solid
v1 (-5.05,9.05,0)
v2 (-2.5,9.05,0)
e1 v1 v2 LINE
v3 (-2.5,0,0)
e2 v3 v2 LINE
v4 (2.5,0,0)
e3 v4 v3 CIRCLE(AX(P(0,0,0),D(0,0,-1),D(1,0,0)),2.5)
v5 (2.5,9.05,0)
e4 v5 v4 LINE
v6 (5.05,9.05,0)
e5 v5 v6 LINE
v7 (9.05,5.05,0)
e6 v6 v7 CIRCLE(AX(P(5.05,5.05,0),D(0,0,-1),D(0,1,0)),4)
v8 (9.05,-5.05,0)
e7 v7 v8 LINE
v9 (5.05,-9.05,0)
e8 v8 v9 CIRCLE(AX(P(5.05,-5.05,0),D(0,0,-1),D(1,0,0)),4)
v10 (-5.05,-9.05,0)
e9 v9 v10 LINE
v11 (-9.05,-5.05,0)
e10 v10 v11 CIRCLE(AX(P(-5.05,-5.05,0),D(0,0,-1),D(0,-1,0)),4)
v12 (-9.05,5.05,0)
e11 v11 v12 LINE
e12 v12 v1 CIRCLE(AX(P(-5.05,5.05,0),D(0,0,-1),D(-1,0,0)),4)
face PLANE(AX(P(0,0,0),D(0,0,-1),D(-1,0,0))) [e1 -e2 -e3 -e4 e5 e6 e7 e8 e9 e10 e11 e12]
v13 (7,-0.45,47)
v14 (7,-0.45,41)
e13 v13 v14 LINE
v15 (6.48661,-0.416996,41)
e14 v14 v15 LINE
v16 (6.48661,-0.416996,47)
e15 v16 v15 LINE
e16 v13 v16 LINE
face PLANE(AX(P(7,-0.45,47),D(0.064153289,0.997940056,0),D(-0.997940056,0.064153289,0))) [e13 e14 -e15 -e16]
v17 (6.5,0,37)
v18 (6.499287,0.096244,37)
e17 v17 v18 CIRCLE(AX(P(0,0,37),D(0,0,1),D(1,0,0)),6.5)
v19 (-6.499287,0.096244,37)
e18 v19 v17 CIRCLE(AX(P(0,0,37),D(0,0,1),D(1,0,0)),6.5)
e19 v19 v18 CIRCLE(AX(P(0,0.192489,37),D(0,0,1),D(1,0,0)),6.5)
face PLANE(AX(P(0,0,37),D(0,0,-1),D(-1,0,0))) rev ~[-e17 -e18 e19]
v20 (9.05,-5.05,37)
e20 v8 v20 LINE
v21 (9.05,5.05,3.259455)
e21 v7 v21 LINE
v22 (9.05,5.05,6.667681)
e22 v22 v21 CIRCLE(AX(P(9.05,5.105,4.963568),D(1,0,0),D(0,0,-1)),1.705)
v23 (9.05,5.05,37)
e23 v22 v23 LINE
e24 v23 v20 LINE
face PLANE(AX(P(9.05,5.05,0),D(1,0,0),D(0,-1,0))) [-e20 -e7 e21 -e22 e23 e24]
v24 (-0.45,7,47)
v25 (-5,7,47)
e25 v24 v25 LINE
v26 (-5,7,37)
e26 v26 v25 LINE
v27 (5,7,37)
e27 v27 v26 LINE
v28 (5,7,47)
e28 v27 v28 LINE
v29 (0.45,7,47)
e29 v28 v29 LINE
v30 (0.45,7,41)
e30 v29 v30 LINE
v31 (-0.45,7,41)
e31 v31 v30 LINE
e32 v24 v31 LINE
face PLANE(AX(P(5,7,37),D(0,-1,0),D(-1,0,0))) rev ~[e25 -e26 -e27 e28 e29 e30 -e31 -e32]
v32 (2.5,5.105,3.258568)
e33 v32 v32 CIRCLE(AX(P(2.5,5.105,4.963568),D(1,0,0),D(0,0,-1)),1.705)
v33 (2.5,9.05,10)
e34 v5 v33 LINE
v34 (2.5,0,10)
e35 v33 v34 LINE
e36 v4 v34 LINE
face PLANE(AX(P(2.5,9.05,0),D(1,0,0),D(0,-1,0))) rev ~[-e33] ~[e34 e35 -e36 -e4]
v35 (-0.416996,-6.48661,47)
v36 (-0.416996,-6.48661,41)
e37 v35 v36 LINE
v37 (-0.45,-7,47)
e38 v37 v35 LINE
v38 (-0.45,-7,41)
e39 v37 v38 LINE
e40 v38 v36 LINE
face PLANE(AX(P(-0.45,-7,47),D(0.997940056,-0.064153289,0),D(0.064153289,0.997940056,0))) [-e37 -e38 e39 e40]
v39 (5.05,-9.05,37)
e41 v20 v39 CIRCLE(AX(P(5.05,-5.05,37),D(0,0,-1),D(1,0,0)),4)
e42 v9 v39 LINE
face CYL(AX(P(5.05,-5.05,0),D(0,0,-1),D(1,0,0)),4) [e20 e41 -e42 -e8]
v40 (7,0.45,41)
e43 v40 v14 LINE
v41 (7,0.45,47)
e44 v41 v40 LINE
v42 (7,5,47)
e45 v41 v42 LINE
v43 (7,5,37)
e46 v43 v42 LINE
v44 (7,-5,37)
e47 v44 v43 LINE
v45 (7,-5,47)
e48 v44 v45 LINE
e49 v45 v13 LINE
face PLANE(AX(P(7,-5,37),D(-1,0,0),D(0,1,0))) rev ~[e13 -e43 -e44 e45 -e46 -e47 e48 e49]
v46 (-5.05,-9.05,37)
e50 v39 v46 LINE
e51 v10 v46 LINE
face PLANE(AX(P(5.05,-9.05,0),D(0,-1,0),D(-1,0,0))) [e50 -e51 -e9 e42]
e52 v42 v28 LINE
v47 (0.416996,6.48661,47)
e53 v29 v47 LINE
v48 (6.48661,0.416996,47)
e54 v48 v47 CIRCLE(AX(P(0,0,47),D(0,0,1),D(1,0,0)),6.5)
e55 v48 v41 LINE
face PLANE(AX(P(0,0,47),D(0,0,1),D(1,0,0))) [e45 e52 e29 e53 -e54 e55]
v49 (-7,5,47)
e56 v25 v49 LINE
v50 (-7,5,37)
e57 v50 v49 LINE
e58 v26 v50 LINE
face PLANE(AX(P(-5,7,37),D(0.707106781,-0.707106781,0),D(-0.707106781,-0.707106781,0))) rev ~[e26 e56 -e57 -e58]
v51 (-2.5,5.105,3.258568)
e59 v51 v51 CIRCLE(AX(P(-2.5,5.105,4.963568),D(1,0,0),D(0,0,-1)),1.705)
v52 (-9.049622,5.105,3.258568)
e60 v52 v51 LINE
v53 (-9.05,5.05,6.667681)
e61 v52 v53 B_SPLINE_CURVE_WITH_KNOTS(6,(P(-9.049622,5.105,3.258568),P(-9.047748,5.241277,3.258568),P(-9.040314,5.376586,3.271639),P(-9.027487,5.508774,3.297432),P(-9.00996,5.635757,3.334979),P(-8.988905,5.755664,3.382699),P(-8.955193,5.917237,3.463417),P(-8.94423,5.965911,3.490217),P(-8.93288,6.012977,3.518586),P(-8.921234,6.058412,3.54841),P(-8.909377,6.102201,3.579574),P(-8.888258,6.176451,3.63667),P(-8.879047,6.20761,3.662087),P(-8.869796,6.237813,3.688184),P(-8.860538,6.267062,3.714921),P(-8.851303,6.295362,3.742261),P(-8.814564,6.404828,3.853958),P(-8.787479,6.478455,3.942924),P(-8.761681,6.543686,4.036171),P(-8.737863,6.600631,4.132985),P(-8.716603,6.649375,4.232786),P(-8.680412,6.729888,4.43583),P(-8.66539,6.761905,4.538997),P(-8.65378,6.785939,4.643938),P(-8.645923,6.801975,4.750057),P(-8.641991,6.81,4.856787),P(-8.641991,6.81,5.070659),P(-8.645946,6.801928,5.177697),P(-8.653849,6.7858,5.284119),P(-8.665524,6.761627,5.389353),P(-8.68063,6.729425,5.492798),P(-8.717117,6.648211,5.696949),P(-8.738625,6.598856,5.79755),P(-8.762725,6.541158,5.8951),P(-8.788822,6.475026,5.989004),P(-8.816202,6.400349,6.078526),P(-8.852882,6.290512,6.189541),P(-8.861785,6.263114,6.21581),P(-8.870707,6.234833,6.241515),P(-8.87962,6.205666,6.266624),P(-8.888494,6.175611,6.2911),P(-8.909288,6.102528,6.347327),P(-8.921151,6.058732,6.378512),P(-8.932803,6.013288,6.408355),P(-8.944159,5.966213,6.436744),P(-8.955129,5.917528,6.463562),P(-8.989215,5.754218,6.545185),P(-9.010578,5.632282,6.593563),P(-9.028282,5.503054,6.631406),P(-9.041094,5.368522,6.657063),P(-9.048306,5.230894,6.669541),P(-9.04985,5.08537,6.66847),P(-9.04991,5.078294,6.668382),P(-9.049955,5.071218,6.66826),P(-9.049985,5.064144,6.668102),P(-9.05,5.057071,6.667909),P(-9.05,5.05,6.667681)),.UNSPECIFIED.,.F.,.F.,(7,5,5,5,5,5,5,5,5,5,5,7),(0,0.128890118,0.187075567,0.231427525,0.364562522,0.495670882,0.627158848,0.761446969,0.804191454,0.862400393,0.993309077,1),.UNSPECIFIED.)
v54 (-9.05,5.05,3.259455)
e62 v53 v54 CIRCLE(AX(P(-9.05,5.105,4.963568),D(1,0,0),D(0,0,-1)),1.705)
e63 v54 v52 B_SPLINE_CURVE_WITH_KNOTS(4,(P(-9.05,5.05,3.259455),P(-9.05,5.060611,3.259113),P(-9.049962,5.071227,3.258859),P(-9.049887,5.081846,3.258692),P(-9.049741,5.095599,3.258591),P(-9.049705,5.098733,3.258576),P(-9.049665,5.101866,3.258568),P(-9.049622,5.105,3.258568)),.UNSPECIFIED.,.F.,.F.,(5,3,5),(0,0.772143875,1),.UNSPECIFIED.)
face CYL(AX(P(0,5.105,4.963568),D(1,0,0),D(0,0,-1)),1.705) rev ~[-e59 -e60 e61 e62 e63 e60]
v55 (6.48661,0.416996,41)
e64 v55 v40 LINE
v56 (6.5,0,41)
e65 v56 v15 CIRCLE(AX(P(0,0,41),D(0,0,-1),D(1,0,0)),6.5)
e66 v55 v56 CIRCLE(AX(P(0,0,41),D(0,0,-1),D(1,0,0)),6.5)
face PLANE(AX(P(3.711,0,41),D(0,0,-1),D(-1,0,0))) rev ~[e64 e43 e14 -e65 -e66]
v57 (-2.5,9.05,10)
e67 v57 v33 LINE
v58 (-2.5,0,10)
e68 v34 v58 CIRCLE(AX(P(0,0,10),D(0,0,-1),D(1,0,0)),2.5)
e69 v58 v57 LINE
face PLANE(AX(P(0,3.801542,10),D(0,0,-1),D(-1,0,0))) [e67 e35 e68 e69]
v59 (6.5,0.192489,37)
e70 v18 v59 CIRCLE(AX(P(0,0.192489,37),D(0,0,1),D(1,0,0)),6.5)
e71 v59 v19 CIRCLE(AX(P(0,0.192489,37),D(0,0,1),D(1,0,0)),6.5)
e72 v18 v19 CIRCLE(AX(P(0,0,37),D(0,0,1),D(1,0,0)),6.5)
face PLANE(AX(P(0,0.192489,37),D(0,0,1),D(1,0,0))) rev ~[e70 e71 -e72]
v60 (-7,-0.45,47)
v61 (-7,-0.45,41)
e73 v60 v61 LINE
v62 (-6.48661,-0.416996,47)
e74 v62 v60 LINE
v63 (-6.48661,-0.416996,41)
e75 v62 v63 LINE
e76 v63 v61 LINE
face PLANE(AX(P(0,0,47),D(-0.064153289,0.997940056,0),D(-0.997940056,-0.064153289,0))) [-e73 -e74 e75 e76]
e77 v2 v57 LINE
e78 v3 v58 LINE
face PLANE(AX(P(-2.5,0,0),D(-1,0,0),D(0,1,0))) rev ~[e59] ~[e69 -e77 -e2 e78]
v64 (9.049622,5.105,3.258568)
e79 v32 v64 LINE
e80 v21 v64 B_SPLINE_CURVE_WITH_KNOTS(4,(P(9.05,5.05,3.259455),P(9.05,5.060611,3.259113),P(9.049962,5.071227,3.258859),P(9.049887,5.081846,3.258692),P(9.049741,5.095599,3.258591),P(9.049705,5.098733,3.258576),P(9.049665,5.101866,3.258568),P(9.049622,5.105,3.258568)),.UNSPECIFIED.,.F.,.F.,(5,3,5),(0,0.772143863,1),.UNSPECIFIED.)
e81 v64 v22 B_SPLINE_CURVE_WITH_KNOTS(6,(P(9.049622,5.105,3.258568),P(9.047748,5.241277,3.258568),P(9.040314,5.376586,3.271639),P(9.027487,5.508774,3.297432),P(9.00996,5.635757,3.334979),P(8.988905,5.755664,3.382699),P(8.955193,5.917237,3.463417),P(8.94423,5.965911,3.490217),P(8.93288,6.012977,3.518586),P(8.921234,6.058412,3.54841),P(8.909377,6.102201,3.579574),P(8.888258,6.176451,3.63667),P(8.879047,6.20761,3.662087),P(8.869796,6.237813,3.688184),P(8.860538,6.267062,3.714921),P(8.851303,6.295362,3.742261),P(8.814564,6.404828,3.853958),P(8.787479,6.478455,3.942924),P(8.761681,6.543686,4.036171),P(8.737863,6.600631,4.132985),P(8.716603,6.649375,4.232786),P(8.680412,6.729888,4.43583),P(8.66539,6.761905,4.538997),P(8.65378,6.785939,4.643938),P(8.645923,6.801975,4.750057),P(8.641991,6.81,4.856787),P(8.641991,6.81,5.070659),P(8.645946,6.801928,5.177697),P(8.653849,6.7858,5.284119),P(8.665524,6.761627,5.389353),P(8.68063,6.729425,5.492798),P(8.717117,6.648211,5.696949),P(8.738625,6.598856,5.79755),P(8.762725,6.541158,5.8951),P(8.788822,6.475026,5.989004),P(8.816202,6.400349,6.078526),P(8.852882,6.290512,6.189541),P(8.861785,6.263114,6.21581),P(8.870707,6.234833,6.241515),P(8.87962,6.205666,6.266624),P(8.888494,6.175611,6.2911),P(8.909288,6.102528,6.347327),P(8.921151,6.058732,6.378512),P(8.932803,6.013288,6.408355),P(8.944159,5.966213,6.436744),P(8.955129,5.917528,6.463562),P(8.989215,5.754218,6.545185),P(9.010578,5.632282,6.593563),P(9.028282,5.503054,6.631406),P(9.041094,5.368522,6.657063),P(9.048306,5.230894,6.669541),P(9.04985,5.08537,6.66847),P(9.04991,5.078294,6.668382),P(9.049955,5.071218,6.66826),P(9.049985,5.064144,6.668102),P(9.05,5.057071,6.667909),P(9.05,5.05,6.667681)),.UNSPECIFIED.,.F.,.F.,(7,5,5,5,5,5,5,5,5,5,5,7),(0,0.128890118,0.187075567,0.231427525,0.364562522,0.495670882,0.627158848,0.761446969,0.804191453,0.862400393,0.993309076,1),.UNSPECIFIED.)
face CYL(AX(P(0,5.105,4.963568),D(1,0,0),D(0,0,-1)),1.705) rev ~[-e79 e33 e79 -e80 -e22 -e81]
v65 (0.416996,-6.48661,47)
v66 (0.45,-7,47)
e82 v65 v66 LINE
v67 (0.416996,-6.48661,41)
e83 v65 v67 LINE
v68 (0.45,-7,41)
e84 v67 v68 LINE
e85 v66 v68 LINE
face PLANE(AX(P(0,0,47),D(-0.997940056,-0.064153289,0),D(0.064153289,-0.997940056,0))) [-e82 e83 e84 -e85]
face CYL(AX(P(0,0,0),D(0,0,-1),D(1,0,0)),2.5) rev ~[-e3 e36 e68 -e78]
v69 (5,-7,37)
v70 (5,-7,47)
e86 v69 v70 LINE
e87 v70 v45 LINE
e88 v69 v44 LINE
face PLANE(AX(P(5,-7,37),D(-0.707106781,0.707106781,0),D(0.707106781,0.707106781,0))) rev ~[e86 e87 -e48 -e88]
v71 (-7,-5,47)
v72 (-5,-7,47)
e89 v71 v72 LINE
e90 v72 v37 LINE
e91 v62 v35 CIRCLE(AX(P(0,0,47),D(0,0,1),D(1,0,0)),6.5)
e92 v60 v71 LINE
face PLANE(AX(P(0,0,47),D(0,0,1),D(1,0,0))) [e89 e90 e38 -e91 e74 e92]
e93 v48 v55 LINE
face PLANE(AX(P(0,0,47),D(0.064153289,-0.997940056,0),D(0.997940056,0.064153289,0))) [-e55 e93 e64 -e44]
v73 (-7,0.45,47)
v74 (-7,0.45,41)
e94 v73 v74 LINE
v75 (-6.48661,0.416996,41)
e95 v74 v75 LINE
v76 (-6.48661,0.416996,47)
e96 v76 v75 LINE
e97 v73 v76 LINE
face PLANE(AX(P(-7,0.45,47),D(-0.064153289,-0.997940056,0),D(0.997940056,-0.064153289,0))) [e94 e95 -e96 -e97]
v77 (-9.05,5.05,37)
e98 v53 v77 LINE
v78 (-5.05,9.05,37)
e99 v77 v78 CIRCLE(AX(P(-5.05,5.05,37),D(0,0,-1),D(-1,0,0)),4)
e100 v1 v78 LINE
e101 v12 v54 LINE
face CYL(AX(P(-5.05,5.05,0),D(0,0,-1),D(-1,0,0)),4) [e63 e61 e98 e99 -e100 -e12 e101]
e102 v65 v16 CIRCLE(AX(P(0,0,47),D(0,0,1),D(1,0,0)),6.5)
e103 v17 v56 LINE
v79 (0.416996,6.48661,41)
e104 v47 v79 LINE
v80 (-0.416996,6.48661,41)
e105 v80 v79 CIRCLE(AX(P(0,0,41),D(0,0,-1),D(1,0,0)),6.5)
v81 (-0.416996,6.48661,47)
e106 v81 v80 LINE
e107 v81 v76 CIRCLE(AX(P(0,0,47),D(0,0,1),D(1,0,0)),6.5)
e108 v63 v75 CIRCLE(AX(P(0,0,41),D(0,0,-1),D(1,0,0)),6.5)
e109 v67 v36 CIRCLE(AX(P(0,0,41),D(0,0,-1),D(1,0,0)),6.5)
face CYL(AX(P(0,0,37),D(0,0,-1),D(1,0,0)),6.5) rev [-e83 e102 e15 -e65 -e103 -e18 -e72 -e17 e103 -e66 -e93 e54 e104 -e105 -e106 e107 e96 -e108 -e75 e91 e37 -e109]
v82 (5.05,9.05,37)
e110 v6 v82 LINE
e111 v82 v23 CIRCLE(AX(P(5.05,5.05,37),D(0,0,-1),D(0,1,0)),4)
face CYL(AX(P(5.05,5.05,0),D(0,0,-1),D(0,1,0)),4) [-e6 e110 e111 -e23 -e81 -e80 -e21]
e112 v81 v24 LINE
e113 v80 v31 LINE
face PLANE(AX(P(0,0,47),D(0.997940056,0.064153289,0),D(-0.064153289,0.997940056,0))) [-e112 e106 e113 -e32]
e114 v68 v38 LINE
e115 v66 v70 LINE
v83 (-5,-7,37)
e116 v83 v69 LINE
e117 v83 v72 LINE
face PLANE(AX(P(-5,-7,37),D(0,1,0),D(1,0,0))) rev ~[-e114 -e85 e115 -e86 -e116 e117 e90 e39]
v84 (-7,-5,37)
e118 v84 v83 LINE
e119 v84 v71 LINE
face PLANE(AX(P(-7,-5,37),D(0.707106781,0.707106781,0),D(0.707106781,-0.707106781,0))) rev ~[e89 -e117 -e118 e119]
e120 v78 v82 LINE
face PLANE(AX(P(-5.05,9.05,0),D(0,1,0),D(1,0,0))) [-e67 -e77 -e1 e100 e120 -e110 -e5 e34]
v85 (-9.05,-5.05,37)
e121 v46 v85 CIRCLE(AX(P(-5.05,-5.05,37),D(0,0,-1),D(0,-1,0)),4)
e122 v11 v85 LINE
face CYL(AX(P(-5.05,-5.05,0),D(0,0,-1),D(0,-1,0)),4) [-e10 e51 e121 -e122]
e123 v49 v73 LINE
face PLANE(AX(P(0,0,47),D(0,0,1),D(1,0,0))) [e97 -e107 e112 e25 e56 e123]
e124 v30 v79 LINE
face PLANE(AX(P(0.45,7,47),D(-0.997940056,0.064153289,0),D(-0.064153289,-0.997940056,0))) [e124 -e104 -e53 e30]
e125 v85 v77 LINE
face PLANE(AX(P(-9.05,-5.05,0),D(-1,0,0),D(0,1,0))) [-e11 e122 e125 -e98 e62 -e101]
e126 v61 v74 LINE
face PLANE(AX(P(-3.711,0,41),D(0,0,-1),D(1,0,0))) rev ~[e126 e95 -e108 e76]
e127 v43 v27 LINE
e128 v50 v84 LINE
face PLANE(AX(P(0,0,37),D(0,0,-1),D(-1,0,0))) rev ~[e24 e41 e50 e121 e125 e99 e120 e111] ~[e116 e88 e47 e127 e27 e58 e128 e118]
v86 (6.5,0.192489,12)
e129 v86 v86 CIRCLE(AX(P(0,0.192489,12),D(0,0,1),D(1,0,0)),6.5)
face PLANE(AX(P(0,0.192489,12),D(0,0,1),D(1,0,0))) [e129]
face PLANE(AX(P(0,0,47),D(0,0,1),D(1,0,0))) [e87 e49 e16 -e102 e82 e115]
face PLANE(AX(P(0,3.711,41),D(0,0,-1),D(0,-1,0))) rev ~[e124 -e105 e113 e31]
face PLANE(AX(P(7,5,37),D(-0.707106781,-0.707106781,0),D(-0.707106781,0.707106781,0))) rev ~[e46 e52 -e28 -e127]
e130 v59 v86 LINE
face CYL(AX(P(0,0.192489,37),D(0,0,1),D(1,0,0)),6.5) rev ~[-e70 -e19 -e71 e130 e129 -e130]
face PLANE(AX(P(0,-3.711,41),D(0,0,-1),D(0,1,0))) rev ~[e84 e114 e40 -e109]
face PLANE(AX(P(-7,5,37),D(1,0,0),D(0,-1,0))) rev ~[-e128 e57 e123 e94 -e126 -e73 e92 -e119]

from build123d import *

# Parameters (mm, degrees)
BOSS_EXTRUDE1_DEPTH = 37
SKETCH3_R           = 6.5
BOSS_EXTRUDE2_DEPTH = 10
CUT_EXTRUDE7_DEPTH  = 6
CIRPATTERN1_COUNT   = 4
SKETCH12_R          = 6.5
CUT_EXTRUDE8_DEPTH  = 25
CUT_EXTRUDE9_DEPTH  = 10
SKETCH14_R          = 1.705
CUT_EXTRUDE10_DEPTH = 12.5


with BuildPart() as part:
    # Sketch1 → Boss-Extrude1 (new body)
    with BuildSketch(Plane.XY):
        with BuildLine():
            Line((-5.05, 9.05), (5.05, 9.05))
            ThreePointArc((5.05, 9.05), (7.878427125, 7.878427125), (9.05, 5.05))
            Line((9.05, 5.05), (9.05, -5.05))
            ThreePointArc((9.05, -5.05), (7.878427125, -7.878427125), (5.05, -9.05))
            Line((5.05, -9.05), (-5.05, -9.05))
            ThreePointArc((-5.05, -9.05), (-7.878427125, -7.878427125), (-9.05, -5.05))
            Line((-9.05, -5.05), (-9.05, 5.05))
            ThreePointArc((-9.05, 5.05), (-7.878427125, 7.878427125), (-5.05, 9.05))
        make_face()
    extrude(amount=BOSS_EXTRUDE1_DEPTH)

    # Sketch3 → Boss-Extrude2 (add)
    with BuildSketch(Plane.XY.offset(37)):
        Polygon((-5, -7), (5, -7), (7, -5), (7, 5), (5, 7), (-5, 7), (-7, 5), (-7, -5), align=None)
        Circle(SKETCH3_R, mode=Mode.SUBTRACT)
    extrude(amount=BOSS_EXTRUDE2_DEPTH)

    # Sketch11 → Cut-Extrude7 (cut)
    with BuildSketch(Plane.XY.offset(47)):
        Polygon((0, 0), (7, 0.45), (7, -0.45), align=None)
    cut_extrude7 = extrude(amount=-CUT_EXTRUDE7_DEPTH, mode=Mode.SUBTRACT)

    # CirPattern1: Cut-Extrude7 ×4 about axis
    cirpattern1_axis = Axis((0, 0, 47), (0, 0, -1))
    for i in range(1, CIRPATTERN1_COUNT):
        add(cut_extrude7.rotate(cirpattern1_axis, i * 360 / CIRPATTERN1_COUNT), mode=Mode.SUBTRACT)

    # Sketch12 → Cut-Extrude8 (cut)
    with BuildSketch(Plane.XY.offset(37)):
        with Locations((0, 0.192488852)):
            Circle(SKETCH12_R)
    extrude(amount=-CUT_EXTRUDE8_DEPTH, mode=Mode.SUBTRACT)

    # Sketch13 → Cut-Extrude9 (cut)
    with BuildSketch(Plane.XY):
        with BuildLine():
            Line((-2.5, 0), (-2.5, 9.05))
            Line((-2.5, 9.05), (2.5, 9.05))
            Line((2.5, 9.05), (2.5, 0))
            ThreePointArc((2.5, 0), (0, -2.5), (-2.5, 0))
        make_face()
    extrude(amount=CUT_EXTRUDE9_DEPTH, mode=Mode.SUBTRACT)

    # Sketch14 → Cut-Extrude10 (cut, symmetric)
    with BuildSketch(Plane(origin=(0, 0, 0), x_dir=(0, 0, -1), z_dir=(1, 0, 0))):
        with Locations((-4.963568093, 5.105)):
            Circle(SKETCH14_R)
    extrude(amount=CUT_EXTRUDE10_DEPTH, both=True, mode=Mode.SUBTRACT)


solid = part.part
